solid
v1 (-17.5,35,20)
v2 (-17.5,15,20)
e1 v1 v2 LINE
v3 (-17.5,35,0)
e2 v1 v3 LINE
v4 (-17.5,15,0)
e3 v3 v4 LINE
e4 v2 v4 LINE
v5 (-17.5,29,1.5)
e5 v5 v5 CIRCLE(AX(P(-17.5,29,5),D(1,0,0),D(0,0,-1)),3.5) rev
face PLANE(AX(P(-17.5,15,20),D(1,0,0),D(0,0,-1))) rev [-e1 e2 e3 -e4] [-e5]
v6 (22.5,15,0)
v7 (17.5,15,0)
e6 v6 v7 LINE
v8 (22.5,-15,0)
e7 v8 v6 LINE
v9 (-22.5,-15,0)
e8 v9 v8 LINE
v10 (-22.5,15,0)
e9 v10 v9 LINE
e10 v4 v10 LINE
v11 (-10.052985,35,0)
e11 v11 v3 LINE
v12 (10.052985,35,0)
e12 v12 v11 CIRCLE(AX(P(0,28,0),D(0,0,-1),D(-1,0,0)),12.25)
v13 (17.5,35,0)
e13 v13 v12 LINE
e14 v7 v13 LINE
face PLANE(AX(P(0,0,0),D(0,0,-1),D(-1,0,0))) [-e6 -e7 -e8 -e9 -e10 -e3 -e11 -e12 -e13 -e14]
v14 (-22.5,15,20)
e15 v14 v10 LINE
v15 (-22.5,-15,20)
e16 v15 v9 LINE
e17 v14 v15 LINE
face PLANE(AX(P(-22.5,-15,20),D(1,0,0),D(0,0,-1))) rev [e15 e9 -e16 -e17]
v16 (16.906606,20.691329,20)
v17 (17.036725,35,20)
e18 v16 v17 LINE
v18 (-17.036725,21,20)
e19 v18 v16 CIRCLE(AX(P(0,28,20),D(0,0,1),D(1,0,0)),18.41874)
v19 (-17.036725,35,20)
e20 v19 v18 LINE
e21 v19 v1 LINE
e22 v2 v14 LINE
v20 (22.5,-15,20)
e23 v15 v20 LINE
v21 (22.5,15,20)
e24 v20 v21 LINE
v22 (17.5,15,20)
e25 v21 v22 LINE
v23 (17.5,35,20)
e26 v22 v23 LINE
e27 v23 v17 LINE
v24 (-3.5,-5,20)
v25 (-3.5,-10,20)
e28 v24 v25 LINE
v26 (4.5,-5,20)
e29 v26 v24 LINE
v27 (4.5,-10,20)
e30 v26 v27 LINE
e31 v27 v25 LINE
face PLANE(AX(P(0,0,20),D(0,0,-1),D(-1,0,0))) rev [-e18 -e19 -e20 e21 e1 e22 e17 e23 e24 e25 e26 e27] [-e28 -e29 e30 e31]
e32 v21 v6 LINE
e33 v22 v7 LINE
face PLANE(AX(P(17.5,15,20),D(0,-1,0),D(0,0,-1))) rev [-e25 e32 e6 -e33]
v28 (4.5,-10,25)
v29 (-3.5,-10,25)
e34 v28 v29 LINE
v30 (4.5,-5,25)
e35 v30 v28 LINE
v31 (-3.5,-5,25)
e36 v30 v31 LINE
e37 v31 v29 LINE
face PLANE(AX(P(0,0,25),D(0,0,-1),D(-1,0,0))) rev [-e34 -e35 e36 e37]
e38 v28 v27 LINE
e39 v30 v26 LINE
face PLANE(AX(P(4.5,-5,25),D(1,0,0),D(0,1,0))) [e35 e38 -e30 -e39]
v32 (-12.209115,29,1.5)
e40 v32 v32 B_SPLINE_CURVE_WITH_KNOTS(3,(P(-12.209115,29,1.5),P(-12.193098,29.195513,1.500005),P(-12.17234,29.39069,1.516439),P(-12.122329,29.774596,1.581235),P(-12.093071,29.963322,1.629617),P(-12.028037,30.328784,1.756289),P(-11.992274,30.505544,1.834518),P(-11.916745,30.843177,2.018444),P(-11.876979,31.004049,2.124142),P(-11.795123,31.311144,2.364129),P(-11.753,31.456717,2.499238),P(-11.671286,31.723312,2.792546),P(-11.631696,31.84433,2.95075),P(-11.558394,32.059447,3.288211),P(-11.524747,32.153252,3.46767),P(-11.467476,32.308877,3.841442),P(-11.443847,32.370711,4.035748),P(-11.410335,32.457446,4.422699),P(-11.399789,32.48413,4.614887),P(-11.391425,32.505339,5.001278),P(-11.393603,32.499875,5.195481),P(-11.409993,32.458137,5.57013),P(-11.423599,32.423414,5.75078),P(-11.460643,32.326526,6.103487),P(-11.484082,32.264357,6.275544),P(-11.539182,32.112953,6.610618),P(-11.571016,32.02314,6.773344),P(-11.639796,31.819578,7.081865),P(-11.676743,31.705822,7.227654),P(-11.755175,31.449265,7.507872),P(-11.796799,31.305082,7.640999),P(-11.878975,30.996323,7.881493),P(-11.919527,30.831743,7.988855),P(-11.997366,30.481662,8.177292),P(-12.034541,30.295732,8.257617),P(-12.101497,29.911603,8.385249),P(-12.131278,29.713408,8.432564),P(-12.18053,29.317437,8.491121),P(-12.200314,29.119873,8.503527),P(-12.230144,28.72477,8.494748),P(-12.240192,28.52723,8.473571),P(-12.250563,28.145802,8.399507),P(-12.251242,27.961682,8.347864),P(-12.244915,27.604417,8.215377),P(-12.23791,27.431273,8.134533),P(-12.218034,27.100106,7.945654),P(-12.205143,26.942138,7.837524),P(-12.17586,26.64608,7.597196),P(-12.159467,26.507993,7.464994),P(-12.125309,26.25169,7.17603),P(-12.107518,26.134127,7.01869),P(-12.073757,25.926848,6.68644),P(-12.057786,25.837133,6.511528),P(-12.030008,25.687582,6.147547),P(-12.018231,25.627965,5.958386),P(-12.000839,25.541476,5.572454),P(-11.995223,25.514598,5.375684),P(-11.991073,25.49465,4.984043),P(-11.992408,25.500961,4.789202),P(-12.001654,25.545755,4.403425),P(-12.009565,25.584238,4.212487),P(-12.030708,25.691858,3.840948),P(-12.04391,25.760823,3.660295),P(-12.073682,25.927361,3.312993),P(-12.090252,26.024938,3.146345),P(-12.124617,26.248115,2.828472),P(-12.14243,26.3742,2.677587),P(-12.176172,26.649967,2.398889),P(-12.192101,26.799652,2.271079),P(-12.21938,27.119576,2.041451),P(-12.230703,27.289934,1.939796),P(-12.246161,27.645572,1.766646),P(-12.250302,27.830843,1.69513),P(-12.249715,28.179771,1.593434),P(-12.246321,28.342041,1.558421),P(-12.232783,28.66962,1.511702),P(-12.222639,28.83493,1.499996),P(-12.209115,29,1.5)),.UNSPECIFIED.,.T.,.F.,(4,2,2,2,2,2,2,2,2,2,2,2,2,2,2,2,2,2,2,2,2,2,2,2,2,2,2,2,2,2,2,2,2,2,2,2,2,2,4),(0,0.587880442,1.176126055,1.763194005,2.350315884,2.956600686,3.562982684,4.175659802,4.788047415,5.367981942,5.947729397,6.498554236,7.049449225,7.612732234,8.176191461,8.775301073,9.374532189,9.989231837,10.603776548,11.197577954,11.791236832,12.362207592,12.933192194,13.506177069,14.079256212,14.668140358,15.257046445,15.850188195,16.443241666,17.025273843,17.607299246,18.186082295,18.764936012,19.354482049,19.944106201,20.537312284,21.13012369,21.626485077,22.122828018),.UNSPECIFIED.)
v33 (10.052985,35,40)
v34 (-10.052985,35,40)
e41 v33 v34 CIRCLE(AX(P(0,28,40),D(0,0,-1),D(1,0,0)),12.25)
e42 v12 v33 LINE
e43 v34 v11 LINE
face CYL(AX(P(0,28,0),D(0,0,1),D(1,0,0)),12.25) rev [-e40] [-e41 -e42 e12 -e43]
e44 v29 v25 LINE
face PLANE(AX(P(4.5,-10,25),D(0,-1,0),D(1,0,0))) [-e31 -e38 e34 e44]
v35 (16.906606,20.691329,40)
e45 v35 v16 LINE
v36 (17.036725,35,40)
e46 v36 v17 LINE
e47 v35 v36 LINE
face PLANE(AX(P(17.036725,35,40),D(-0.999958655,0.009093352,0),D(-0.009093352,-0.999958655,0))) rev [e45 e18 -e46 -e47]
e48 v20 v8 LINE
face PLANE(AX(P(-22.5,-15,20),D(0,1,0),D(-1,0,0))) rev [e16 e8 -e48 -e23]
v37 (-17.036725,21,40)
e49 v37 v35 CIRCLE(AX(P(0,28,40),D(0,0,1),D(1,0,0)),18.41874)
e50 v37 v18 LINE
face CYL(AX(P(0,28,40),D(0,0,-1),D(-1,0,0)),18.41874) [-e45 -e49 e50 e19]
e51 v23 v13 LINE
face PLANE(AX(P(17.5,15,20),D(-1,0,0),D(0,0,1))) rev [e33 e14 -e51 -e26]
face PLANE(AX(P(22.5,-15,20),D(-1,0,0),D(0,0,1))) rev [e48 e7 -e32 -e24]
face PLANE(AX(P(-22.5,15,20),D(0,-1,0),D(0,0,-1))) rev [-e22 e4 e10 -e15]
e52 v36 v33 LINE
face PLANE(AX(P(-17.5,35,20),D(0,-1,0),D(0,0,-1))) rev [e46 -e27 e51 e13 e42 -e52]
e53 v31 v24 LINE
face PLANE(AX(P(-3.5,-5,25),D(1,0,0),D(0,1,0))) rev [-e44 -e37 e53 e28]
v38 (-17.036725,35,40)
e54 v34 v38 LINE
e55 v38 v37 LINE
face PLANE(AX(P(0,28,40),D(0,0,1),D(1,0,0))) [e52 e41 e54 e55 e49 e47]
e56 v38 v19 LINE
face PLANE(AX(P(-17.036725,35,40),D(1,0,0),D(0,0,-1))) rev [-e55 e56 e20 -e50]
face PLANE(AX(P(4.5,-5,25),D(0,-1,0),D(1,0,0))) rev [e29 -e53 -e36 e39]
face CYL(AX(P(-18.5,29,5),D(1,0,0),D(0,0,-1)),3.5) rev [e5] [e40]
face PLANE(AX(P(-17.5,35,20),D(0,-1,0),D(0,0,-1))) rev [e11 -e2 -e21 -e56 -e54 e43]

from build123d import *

# Parameters (mm, degrees)
BOSS_EXTRUDE1_DEPTH     = 20
SKETCH2_W               = 8
SKETCH2_H               = 5
BOSS_EXTRUDE2_DEPTH     = 5
SKETCH3_R               = 12.25
CUT_EXTRUDE1_DEPTH      = 20
BOSS_EXTRUDE3_DEPTH     = 20
SKETCH6_R               = 3.5
CUT_EXTRUDE2_DEPTH      = 1
CUT_EXTRUDE2_DEPTH_BACK = 8


with BuildPart() as part:
    # Sketch1 → Boss-Extrude1 (new body)
    with BuildSketch(Plane.XY):
        Polygon((17.5, 15), (22.5, 15), (22.5, -15), (-22.5, -15), (-22.5, 15), (-17.5, 15), (-17.5, 35), (17.5, 35), align=None)
    extrude(amount=BOSS_EXTRUDE1_DEPTH)

    # Sketch2 → Boss-Extrude2 (add)
    with BuildSketch(Plane.XY.offset(20)):
        with Locations((0.5, -7.5)):
            Rectangle(SKETCH2_W, SKETCH2_H)
    extrude(amount=BOSS_EXTRUDE2_DEPTH)

    # Sketch3 → Cut-Extrude1 (cut)
    with BuildSketch(Plane.XY.offset(20)):
        with Locations((0, 28)):
            Circle(SKETCH3_R)
    extrude(amount=-CUT_EXTRUDE1_DEPTH, mode=Mode.SUBTRACT)

    # Sketch4 → Boss-Extrude3 (add)
    with BuildSketch(Plane.XY.offset(20)):
        with BuildLine():
            Line((-17.036725037, 35), (-17.036725037, 21))
            ThreePointArc((-17.036725037, 21), (-0.167488081, 9.582021073), (16.906605879, 20.691328599))
            Line((16.906605879, 20.691328599), (17.036725037, 35))
            Line((17.036725037, 35), (10.052984631, 35))
            ThreePointArc((10.052984631, 35), (0, 15.75), (-10.052984631, 35))
            Line((-10.052984631, 35), (-17.036725037, 35))
        make_face()
    extrude(amount=BOSS_EXTRUDE3_DEPTH)

    # Sketch6 → Cut-Extrude2 (cut, two sides)
    with BuildSketch(Plane.ZY.offset(17.5)) as cut_extrude2_sk:
        with Locations((5, 29)):
            Circle(SKETCH6_R)
    extrude(amount=CUT_EXTRUDE2_DEPTH, mode=Mode.SUBTRACT)
    extrude(cut_extrude2_sk.sketch, amount=-CUT_EXTRUDE2_DEPTH_BACK, mode=Mode.SUBTRACT)


solid = part.part
